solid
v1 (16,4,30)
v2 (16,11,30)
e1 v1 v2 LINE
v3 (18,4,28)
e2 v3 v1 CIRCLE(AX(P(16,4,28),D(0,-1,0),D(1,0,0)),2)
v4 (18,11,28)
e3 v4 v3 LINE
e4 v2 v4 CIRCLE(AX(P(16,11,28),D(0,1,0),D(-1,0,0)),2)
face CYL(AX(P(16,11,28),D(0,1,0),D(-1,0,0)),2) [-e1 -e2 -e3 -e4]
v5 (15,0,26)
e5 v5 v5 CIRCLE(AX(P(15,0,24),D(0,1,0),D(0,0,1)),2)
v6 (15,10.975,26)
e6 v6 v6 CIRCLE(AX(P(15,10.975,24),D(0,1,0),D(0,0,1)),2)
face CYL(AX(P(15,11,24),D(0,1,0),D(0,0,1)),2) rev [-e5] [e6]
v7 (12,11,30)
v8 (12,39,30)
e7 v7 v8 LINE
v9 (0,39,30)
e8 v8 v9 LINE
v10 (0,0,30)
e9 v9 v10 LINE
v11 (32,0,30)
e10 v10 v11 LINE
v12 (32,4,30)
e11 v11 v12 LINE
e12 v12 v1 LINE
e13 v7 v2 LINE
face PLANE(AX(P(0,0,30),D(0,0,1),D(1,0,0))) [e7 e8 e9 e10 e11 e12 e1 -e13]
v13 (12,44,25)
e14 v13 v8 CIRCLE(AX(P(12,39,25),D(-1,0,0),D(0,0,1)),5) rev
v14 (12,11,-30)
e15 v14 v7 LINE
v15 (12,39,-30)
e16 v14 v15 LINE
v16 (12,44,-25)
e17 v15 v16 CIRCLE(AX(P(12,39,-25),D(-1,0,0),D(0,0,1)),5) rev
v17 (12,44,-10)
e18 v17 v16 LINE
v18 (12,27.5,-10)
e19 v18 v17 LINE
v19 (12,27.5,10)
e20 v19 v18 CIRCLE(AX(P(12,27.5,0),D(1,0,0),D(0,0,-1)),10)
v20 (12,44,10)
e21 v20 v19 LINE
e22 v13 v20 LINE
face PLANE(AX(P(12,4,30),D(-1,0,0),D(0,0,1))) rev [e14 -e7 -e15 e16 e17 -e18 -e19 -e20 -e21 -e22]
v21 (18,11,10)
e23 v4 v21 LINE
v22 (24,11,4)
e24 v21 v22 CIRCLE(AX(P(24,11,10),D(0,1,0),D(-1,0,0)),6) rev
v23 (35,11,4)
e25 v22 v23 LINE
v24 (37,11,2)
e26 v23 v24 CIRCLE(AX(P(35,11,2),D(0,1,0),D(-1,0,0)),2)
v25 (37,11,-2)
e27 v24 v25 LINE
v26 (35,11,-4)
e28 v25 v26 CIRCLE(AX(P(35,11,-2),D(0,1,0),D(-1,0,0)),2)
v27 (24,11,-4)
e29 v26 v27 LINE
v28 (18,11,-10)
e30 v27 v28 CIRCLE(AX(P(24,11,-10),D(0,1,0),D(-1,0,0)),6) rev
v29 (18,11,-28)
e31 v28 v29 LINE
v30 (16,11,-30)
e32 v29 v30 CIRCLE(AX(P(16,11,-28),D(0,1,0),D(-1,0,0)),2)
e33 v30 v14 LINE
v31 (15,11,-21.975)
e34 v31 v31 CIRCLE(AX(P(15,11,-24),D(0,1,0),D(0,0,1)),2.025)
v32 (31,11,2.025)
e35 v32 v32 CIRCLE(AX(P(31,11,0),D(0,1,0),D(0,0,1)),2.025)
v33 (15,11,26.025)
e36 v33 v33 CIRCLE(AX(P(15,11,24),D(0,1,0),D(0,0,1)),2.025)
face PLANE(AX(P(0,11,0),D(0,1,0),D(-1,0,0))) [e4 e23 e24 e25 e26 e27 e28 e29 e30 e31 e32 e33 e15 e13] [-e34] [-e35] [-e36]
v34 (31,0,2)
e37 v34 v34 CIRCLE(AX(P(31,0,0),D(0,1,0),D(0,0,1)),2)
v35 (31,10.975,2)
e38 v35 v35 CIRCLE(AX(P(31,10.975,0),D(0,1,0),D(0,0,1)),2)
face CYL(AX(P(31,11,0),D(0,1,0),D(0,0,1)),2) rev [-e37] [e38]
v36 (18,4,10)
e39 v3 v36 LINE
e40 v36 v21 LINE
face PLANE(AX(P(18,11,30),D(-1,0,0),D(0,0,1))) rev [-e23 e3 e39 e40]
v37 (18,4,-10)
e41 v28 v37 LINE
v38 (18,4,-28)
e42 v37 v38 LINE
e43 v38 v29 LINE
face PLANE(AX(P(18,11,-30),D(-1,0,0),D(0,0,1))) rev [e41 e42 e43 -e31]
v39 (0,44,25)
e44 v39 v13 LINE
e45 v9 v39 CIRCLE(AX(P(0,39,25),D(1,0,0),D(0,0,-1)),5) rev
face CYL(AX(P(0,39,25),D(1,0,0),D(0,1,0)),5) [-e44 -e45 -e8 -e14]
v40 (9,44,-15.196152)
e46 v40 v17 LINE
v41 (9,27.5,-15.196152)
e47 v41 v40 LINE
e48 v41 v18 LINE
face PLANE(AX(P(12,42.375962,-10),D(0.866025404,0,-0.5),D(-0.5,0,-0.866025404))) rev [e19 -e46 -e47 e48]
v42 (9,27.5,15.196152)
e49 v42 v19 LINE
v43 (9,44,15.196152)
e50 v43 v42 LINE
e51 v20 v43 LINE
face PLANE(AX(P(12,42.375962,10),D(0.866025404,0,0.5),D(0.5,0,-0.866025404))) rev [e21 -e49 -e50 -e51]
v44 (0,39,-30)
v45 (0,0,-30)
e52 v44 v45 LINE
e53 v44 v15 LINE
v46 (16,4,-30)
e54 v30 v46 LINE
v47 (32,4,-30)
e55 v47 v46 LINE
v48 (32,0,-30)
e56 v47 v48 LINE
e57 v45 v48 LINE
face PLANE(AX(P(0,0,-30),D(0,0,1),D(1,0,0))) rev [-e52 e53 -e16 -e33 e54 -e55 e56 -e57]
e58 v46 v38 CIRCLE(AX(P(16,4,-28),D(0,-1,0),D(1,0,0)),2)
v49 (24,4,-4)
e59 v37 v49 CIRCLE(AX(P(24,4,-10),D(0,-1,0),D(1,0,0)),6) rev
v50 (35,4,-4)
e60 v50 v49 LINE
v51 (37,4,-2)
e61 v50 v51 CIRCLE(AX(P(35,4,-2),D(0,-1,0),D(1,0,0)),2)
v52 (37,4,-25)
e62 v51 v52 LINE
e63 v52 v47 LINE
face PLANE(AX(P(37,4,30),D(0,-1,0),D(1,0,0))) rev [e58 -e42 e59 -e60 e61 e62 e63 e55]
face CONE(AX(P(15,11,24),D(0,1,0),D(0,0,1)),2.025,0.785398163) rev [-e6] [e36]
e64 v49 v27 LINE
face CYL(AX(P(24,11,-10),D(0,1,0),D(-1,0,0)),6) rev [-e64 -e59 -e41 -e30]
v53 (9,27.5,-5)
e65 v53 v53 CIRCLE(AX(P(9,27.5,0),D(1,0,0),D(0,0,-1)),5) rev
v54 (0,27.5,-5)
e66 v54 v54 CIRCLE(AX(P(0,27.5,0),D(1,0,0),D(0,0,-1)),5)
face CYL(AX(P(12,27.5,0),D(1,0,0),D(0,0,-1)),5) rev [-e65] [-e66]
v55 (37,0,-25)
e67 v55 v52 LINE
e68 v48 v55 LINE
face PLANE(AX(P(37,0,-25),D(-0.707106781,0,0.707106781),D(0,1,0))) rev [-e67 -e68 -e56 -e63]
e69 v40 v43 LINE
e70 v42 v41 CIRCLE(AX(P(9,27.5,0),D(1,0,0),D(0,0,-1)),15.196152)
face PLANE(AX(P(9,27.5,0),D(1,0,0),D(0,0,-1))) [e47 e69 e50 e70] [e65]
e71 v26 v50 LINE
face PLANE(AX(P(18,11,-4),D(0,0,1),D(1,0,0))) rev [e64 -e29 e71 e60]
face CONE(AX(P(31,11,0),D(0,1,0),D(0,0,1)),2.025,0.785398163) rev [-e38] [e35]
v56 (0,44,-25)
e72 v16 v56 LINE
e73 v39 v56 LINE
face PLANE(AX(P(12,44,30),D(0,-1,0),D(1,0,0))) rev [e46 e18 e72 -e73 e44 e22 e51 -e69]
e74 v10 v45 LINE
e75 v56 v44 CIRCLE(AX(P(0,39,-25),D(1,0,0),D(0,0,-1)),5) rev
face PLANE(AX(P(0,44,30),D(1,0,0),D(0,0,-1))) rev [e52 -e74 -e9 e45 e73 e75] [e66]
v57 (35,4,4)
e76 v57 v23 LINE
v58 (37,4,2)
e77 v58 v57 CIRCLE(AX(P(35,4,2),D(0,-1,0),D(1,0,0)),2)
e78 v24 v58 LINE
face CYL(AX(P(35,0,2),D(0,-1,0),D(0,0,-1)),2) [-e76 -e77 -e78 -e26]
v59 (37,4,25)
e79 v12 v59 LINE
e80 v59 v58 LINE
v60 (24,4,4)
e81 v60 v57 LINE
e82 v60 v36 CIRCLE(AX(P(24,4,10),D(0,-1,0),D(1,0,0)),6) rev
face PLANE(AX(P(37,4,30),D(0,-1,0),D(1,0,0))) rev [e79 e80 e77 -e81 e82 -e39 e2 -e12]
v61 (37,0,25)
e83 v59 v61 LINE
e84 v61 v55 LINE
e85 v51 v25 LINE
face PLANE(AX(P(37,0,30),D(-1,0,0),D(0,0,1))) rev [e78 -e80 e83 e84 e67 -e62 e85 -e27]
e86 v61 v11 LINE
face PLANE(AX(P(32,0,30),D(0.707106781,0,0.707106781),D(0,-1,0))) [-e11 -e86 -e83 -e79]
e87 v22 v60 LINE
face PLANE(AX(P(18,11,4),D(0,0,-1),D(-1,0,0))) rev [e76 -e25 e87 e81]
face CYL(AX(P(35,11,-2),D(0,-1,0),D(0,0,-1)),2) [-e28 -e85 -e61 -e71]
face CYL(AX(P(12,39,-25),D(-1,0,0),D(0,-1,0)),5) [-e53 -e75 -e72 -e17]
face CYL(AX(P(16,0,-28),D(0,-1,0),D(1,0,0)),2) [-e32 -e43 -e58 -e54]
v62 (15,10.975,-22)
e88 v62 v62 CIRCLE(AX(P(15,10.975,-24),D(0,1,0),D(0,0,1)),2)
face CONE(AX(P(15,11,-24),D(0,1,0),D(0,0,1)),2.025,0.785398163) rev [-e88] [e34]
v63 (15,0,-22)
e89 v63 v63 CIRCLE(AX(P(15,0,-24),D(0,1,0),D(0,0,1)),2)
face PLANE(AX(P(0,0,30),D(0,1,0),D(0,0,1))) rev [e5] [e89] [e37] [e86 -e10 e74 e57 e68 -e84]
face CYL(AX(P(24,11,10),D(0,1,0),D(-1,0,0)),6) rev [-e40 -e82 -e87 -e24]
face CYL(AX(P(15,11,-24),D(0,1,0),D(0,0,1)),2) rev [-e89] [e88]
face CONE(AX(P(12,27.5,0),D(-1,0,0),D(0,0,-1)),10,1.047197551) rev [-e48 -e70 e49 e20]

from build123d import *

# Parameters (mm, degrees)
ESTRUSIONE_ESTRUSIONE1_DEPTH = 30
ESTRUSIONE_ESTRUSIONE2_DEPTH = 7
FORO_10_0_10_1_D             = 10
FORO_10_0_10_1_CSINK_D       = 10.05
FORO_10_0_10_1_CSINK_ANGLE   = 90
FORO_4_0_4_1_D               = 4
FORO_4_0_4_1_CSINK_D         = 4.05
FORO_4_0_4_1_CSINK_ANGLE     = 90
SMUSSO1_SIZE                 = 5
RACCORDO1_R                  = 2
RACCORDO2_R                  = 6
RACCORDO3_R                  = 5
TAGLIO_ESTRUSIONE4_DEPTH     = 3
TAGLIO_ESTRUSIONE4_DRAFT     = 60


with BuildPart() as part:
    # Schizzo1 → Estrusione-Estrusione1 (new, symmetric)
    with BuildSketch(Plane.XY):
        Polygon((0, 44), (0, 0), (37, 0), (37, 4), (12, 4), (12, 44), align=None)
    extrude(amount=ESTRUSIONE_ESTRUSIONE1_DEPTH, both=True)

    # Schizzo3 → Estrusione-Estrusione2 (add)
    with BuildSketch(Plane(origin=(0, 4, 0), x_dir=(1, 0, 0), z_dir=(0, 1, 0))):
        Polygon((12, 30), (18, 30), (18, 4), (37, 4), (37, -4), (18, -4), (18, -30), (12, -30), align=None)
    extrude(amount=ESTRUSIONE_ESTRUSIONE2_DEPTH)

    # Foro Ø10.0 (10)-1 (through all)
    with Locations(Plane(origin=(12, 27.5, 0), x_dir=(0, 0, 1), z_dir=(1, 0, 0))):
        with Locations((0, 0)):
            CounterSinkHole(FORO_10_0_10_1_D / 2, FORO_10_0_10_1_CSINK_D / 2, counter_sink_angle=FORO_10_0_10_1_CSINK_ANGLE)

    # Foro Ø4.0 (4)-1 (through all)
    with Locations(Plane(origin=(15, 11, -24), x_dir=(1, 0, 0), z_dir=(0, 1, 0))):
        with Locations((0, 0), (16, -24), (0, -48)):
            CounterSinkHole(FORO_4_0_4_1_D / 2, FORO_4_0_4_1_CSINK_D / 2, counter_sink_angle=FORO_4_0_4_1_CSINK_ANGLE)

    # Smusso1
    smusso1_edges = [part.edges().sort_by_distance(p)[0] for p in [
        (37, 2, 30),
        (37, 2, -30),
    ]]
    chamfer(smusso1_edges, length=SMUSSO1_SIZE)

    # Raccordo1
    raccordo1_edges = [part.edges().sort_by_distance(p)[0] for p in [
        (18, 7.5, 30),
        (37, 7.5, 4),
        (37, 7.5, -4),
        (18, 7.5, -30),
    ]]
    fillet(raccordo1_edges, radius=RACCORDO1_R)

    # Raccordo2
    raccordo2_edges = [part.edges().sort_by_distance(p)[0] for p in [
        (18, 7.5, 4),
        (18, 7.5, -4),
    ]]
    fillet(raccordo2_edges, radius=RACCORDO2_R)

    # Raccordo3
    raccordo3_edges = [part.edges().sort_by_distance(p)[0] for p in [
        (6, 44, 30),
        (6, 44, -30),
    ]]
    fillet(raccordo3_edges, radius=RACCORDO3_R)


with BuildPart() as taglio_estrusione4_tool:
    # Schizzo2 → Taglio-Estrusione4 (with draft: the straight prism first)
    with BuildSketch(Plane(origin=(12, 0, 0), x_dir=(0, 0, -1), z_dir=(1, 0, 0))):
        with BuildLine():
            Line((-10, 42.375961669), (-10, 27.5))
            ThreePointArc((-10, 27.5), (0, 17.5), (10, 27.5))
            Line((10, 27.5), (10, 42.375961669))
            Line((10, 42.375961669), (10, 44))
            Line((10, 44), (-10, 44))
            Line((-10, 44), (-10, 42.375961669))
        make_face()
    extrude(amount=-TAGLIO_ESTRUSIONE4_DEPTH)
    # Taglio-Estrusione4: the draft: its side faces are tilted about the plane it starts from
    taglio_estrusione4_sides = [taglio_estrusione4_tool.faces().sort_by_distance(p)[0] for p in [
        (10.5, 35.75, 10),
        (10.5, 35.75, -10),
        (10.5, 44, 0),
        (10.5, 17.5, 0),
    ]]
    draft(taglio_estrusione4_sides, Plane(origin=(12, 0, 0), x_dir=(0, 0, -1), z_dir=(1, 0, 0)), TAGLIO_ESTRUSIONE4_DRAFT)


with BuildPart() as part_1:
    add(part.part)

    # Taglio-Estrusione4: cut by taglio_estrusione4_tool
    add(taglio_estrusione4_tool.part, mode=Mode.SUBTRACT)


solid = part_1.part
